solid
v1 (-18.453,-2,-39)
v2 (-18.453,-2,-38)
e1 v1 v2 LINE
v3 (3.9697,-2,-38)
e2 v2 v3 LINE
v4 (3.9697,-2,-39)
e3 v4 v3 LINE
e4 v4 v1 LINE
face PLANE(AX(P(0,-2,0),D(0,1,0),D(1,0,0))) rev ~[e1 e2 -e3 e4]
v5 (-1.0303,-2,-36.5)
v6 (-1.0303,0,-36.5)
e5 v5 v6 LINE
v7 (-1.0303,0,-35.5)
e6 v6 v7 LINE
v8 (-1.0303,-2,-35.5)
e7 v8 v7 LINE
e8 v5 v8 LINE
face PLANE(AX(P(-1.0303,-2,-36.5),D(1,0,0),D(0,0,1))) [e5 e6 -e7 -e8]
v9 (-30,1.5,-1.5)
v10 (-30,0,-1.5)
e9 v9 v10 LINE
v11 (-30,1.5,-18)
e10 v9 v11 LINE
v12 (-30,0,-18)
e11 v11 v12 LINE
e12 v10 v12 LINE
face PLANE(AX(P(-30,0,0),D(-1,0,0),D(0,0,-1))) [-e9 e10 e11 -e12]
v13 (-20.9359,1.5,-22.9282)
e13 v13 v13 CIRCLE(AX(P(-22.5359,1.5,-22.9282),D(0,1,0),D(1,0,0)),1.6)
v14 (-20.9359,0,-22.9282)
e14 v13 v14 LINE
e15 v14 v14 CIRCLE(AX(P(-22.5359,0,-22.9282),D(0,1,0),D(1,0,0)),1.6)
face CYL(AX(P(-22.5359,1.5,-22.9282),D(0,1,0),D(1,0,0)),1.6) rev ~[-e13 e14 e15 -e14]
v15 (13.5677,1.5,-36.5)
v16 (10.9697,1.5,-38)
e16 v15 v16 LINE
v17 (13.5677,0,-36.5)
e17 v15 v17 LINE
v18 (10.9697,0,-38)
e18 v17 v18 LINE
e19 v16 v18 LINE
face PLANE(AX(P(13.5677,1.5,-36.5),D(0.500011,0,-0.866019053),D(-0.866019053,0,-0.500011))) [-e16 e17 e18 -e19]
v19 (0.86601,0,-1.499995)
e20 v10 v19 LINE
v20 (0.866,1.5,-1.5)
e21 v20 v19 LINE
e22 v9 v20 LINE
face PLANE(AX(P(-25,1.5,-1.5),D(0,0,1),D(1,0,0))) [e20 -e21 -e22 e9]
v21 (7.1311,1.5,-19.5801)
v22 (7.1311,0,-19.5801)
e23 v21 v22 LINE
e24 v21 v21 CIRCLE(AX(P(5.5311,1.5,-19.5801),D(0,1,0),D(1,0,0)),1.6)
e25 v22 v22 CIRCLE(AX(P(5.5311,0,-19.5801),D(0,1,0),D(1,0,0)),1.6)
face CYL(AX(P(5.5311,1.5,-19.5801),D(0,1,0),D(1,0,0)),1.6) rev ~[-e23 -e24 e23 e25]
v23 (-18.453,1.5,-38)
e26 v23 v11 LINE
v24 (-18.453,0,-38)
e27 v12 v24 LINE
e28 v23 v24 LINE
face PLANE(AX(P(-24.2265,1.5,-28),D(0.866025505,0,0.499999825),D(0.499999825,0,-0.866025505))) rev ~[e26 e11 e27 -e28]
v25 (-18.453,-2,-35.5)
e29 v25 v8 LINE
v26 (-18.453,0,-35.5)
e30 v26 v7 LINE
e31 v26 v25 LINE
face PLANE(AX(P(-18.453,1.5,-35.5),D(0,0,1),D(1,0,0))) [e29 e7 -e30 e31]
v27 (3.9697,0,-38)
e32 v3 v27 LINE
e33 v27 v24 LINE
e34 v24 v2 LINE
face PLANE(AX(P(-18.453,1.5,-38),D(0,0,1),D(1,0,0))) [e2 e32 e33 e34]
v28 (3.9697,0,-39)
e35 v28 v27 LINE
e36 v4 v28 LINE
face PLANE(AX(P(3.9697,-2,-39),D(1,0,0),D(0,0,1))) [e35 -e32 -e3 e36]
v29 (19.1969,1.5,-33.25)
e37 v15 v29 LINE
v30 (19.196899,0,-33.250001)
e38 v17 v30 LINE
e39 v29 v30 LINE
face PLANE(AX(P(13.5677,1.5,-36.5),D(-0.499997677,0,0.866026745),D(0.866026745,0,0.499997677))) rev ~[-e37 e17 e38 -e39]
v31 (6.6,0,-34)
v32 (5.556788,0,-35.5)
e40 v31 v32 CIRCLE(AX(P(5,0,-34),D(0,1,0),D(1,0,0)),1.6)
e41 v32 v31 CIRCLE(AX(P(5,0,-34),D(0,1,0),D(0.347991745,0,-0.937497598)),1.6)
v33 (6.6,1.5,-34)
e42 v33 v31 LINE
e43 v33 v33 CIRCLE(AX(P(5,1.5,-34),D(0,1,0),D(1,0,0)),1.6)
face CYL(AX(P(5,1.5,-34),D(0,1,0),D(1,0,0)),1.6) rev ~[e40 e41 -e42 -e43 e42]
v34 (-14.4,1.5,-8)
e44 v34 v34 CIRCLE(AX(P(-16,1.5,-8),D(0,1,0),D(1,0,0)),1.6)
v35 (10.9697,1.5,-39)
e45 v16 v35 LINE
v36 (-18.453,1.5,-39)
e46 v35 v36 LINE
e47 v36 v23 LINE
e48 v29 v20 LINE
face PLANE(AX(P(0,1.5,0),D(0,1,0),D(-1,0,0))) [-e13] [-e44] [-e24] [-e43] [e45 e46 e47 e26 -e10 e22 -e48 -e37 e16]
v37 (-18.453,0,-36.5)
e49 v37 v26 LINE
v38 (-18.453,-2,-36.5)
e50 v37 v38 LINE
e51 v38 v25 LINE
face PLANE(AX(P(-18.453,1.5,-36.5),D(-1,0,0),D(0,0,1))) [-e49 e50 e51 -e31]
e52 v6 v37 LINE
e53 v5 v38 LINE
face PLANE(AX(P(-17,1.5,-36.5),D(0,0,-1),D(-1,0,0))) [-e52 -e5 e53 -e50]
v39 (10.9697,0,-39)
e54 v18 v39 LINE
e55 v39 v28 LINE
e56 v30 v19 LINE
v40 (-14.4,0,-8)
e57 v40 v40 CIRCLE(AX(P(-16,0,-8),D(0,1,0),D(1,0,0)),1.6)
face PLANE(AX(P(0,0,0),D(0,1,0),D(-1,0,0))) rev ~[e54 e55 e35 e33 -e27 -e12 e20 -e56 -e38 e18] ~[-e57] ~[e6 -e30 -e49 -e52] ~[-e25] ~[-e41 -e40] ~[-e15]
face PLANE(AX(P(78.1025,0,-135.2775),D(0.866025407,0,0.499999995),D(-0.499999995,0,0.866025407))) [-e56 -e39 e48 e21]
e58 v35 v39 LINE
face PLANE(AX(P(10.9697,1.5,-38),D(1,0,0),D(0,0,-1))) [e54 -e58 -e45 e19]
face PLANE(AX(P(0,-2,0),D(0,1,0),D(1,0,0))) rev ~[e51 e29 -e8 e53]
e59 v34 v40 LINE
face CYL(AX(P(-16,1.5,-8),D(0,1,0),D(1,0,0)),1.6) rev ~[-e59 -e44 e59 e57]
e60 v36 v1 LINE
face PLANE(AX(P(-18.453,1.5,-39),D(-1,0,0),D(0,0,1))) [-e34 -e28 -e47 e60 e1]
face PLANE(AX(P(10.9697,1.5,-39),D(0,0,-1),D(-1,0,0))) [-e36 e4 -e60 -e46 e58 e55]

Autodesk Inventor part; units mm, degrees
ref_plane "YZ Plane" through (0, 0, 0) normal (1, 0, 0) x (0, 1, 0)
ref_plane "XZ Plane" through (0, 0, 0) normal (0, 1, 0) x (-1, 0, 0)
sketch "スケッチ1" plane through (0, 0, 0) normal (0, 1, 0) x (-1, 0, 0)
  line L0 (0, 0) -> (30, 0)
  line L1 (30, 0) -> (30, -135.2775)
  line L2 (30, -135.2775) -> (-78.1025, -135.2775)
  line L3 (-78.1025, -135.2775) -> (0, 0)
  dimension "d0" = 30
  dimension "d1" = 60
extrude "押し出し1" add sketch "スケッチ1" along normal blind 1.5
sketch "スケッチ2" plane through (0, 1.5, 0) normal (0, 1, 0) x (1, 0, 0)
  line L0 (-25, 8) -> (-25, 1.5) projected
  line L1 (-21.9199, 13.3349) -> (-25, 8) projected
  line L2 (-30, 18) -> (-21.9199, 13.3349) projected
  line L3 (-24.2265, 28) -> (-30, 18) projected
  line L4 (0, 28) -> (-24.2265, 28) projected
  line L5 (10.9697, 38) -> (0, 38) projected
  line L6 (13.5677, 36.5) -> (10.9697, 38) projected
  line L7 (11.0677, 32.1699) -> (13.5677, 36.5) projected
  line L8 (16.6969, 28.9199) -> (11.0677, 32.1699) projected
  line L9 (7.3612, 12.75) -> (16.6969, 28.9199) projected
  line L10 (0, 17) -> (7.3612, 12.75) projected
  line L11 (-12, 17) -> (0, 17) projected
  line L12 (-12, 8) -> (-12, 17) projected
  line L13 (-5, 8) -> (-12, 8) projected
  line L14 (-5, 1.5) -> (-5, 8) projected
  line L15 (-25, 1.5) -> (-5, 1.5) projected
  line L16 (78.1025, 135.2775) -> (-30, 135.2775) projected
  line L17 (-30, 135.2775) -> (-30, 0) projected
  line L18 (-30, 0) -> (0, 0) projected
  line L19 (0, 0) -> (78.1025, 135.2775) projected
  line L20 (-24.2265, 28) -> (-18.453, 38)
  line L21 (-18.453, 38) -> (5, 38)
  line L22 (13.5677, 36.5) -> (19.1969, 33.25)
  line L23 (0, 28) -> (0, 38) projected
  circle A0 centre (5, 34) radius 2.5 projected
  circle A1 centre (5.5311, 19.5801) radius 1.35 projected
  circle A2 centre (-16, 8) radius 1.35 projected
  circle A3 centre (-22.5359, 22.9282) radius 1.35 projected
  circle A4 centre (-6, 23) radius 1.35 projected
  line L24 (-30, 1.5) -> (-25, 1.5)
  line L25 (-5, 1.5) -> (0.866, 1.5)
  point P0 (0, 36.5)
  point P1 (5, 36.5)
extrude "押し出し2" cut sketch "スケッチ2" against normal through all contours L15 L25 L19 L18 L17 L24 | L17 L16 L19 L22 L6 L5 L21 L20 L3
sketch "スケッチ3" plane through (0, 1.5, 0) normal (0, 1, 0) x (1, 0, 0)
  line L0 (-18.453, 38) -> (10.9697, 38) projected
  line L1 (5, 36.5) -> (-17, 36.5) projected
  line L2 (10.9697, 39) -> (-18.453, 39)
  line L3 (-18.453, 39) -> (-18.453, 35.5)
  line L4 (-18.453, 35.5) -> (10.9697, 35.5)
  line L5 (10.9697, 35.5) -> (10.9697, 39)
  line L6 (5, 36.5) -> (10.9697, 36.5)
  line L7 (-17, 36.5) -> (-18.453, 36.5)
  point P0 (0, 0)
  dimension "d6" = 1
  dimension "d7" = 1
extrude "押し出し3" add sketch "スケッチ3" against normal blind 3.5 contours L3 L2 L5 L0 | L7 L1 L6 L5 L4 L3
sketch "スケッチ4" plane through (0, 1.5, 0) normal (0, 1, 0) x (1, 0, 0)
  circle A0 centre (-16, 8) radius 1.6
  circle A1 centre (-22.5359, 22.9282) radius 1.6
  circle A2 centre (5.5311, 19.5801) radius 1.6
  circle A3 centre (5, 34) radius 1.6
  line L0 (0, 36.5) -> (0, 17) projected
  line L1 (-12, 8) -> (-12, 28) projected
  line L2 (-18.453, 38) -> (-30, 18) projected
  line L3 (-30, 18) -> (-21.9199, 13.3349) projected
  line L4 (0, 17) -> (7.3612, 12.75) projected
  line L5 (0.866, 1.5) -> (19.1969, 33.25) projected
  line L6 (10.9697, 39) -> (-18.453, 39) projected
  circle A4 centre (5, 34) radius 2.5 projected
  point P0 (0, 0)
  point P1 (16.6969, 28.9199)
  dimension "d10" = 3.2
  dimension "d11" = 3.2
  dimension "d12" = 3.2
  dimension "d13" = 3.2
  dimension "d14" = 4
  dimension "d15" = 4
  dimension "d16" = 8
  dimension "d17" = 5
  dimension "d18" = 5
extrude "押し出し4" cut sketch "スケッチ4" against normal through all contours A0 | A1 | A2 | A3
sketch "スケッチ5" plane through (0, -2, 0) normal (0, -1, 0) x (1, 0, 0)
  line L0 (10.9697, -39) -> (3.9697, -39)
  line L1 (3.9697, -39) -> (3.9697, -35.5)
  line L2 (3.9697, -35.5) -> (10.9697, -35.5)
  line L3 (10.9697, -35.5) -> (10.9697, -39)
  line L4 (10.9697, -35.5) -> (5.5568, -35.5) projected
  point P0 (0, 0)
  dimension "d23" = 7
extrude "押し出し5" cut sketch "スケッチ5" against normal up to surface (2 mm away)
sketch "スケッチ6" plane through (0, -2, 0) normal (0, -1, 0) x (1, 0, 0)
  line L0 (-18.453, -36.5) -> (3.9697, -36.5) projected
  line L1 (3.9697, -36.5) -> (3.9697, -35.5) projected
  line L2 (3.9697, -35.5) -> (-18.453, -35.5) projected
  line L3 (-1.0303, -36.5) -> (-1.0303, -35.5)
  point P0 (0, 0)
  dimension "d26" = 5
ref_plane "作業平面1" through (0, 0, -38) normal (0, 1, 0) x (0, 0, 1)
extrude "押し出し6" cut sketch "スケッチ6" against normal up to surface (2 mm away)
properties part number "rail_cover_upper"
